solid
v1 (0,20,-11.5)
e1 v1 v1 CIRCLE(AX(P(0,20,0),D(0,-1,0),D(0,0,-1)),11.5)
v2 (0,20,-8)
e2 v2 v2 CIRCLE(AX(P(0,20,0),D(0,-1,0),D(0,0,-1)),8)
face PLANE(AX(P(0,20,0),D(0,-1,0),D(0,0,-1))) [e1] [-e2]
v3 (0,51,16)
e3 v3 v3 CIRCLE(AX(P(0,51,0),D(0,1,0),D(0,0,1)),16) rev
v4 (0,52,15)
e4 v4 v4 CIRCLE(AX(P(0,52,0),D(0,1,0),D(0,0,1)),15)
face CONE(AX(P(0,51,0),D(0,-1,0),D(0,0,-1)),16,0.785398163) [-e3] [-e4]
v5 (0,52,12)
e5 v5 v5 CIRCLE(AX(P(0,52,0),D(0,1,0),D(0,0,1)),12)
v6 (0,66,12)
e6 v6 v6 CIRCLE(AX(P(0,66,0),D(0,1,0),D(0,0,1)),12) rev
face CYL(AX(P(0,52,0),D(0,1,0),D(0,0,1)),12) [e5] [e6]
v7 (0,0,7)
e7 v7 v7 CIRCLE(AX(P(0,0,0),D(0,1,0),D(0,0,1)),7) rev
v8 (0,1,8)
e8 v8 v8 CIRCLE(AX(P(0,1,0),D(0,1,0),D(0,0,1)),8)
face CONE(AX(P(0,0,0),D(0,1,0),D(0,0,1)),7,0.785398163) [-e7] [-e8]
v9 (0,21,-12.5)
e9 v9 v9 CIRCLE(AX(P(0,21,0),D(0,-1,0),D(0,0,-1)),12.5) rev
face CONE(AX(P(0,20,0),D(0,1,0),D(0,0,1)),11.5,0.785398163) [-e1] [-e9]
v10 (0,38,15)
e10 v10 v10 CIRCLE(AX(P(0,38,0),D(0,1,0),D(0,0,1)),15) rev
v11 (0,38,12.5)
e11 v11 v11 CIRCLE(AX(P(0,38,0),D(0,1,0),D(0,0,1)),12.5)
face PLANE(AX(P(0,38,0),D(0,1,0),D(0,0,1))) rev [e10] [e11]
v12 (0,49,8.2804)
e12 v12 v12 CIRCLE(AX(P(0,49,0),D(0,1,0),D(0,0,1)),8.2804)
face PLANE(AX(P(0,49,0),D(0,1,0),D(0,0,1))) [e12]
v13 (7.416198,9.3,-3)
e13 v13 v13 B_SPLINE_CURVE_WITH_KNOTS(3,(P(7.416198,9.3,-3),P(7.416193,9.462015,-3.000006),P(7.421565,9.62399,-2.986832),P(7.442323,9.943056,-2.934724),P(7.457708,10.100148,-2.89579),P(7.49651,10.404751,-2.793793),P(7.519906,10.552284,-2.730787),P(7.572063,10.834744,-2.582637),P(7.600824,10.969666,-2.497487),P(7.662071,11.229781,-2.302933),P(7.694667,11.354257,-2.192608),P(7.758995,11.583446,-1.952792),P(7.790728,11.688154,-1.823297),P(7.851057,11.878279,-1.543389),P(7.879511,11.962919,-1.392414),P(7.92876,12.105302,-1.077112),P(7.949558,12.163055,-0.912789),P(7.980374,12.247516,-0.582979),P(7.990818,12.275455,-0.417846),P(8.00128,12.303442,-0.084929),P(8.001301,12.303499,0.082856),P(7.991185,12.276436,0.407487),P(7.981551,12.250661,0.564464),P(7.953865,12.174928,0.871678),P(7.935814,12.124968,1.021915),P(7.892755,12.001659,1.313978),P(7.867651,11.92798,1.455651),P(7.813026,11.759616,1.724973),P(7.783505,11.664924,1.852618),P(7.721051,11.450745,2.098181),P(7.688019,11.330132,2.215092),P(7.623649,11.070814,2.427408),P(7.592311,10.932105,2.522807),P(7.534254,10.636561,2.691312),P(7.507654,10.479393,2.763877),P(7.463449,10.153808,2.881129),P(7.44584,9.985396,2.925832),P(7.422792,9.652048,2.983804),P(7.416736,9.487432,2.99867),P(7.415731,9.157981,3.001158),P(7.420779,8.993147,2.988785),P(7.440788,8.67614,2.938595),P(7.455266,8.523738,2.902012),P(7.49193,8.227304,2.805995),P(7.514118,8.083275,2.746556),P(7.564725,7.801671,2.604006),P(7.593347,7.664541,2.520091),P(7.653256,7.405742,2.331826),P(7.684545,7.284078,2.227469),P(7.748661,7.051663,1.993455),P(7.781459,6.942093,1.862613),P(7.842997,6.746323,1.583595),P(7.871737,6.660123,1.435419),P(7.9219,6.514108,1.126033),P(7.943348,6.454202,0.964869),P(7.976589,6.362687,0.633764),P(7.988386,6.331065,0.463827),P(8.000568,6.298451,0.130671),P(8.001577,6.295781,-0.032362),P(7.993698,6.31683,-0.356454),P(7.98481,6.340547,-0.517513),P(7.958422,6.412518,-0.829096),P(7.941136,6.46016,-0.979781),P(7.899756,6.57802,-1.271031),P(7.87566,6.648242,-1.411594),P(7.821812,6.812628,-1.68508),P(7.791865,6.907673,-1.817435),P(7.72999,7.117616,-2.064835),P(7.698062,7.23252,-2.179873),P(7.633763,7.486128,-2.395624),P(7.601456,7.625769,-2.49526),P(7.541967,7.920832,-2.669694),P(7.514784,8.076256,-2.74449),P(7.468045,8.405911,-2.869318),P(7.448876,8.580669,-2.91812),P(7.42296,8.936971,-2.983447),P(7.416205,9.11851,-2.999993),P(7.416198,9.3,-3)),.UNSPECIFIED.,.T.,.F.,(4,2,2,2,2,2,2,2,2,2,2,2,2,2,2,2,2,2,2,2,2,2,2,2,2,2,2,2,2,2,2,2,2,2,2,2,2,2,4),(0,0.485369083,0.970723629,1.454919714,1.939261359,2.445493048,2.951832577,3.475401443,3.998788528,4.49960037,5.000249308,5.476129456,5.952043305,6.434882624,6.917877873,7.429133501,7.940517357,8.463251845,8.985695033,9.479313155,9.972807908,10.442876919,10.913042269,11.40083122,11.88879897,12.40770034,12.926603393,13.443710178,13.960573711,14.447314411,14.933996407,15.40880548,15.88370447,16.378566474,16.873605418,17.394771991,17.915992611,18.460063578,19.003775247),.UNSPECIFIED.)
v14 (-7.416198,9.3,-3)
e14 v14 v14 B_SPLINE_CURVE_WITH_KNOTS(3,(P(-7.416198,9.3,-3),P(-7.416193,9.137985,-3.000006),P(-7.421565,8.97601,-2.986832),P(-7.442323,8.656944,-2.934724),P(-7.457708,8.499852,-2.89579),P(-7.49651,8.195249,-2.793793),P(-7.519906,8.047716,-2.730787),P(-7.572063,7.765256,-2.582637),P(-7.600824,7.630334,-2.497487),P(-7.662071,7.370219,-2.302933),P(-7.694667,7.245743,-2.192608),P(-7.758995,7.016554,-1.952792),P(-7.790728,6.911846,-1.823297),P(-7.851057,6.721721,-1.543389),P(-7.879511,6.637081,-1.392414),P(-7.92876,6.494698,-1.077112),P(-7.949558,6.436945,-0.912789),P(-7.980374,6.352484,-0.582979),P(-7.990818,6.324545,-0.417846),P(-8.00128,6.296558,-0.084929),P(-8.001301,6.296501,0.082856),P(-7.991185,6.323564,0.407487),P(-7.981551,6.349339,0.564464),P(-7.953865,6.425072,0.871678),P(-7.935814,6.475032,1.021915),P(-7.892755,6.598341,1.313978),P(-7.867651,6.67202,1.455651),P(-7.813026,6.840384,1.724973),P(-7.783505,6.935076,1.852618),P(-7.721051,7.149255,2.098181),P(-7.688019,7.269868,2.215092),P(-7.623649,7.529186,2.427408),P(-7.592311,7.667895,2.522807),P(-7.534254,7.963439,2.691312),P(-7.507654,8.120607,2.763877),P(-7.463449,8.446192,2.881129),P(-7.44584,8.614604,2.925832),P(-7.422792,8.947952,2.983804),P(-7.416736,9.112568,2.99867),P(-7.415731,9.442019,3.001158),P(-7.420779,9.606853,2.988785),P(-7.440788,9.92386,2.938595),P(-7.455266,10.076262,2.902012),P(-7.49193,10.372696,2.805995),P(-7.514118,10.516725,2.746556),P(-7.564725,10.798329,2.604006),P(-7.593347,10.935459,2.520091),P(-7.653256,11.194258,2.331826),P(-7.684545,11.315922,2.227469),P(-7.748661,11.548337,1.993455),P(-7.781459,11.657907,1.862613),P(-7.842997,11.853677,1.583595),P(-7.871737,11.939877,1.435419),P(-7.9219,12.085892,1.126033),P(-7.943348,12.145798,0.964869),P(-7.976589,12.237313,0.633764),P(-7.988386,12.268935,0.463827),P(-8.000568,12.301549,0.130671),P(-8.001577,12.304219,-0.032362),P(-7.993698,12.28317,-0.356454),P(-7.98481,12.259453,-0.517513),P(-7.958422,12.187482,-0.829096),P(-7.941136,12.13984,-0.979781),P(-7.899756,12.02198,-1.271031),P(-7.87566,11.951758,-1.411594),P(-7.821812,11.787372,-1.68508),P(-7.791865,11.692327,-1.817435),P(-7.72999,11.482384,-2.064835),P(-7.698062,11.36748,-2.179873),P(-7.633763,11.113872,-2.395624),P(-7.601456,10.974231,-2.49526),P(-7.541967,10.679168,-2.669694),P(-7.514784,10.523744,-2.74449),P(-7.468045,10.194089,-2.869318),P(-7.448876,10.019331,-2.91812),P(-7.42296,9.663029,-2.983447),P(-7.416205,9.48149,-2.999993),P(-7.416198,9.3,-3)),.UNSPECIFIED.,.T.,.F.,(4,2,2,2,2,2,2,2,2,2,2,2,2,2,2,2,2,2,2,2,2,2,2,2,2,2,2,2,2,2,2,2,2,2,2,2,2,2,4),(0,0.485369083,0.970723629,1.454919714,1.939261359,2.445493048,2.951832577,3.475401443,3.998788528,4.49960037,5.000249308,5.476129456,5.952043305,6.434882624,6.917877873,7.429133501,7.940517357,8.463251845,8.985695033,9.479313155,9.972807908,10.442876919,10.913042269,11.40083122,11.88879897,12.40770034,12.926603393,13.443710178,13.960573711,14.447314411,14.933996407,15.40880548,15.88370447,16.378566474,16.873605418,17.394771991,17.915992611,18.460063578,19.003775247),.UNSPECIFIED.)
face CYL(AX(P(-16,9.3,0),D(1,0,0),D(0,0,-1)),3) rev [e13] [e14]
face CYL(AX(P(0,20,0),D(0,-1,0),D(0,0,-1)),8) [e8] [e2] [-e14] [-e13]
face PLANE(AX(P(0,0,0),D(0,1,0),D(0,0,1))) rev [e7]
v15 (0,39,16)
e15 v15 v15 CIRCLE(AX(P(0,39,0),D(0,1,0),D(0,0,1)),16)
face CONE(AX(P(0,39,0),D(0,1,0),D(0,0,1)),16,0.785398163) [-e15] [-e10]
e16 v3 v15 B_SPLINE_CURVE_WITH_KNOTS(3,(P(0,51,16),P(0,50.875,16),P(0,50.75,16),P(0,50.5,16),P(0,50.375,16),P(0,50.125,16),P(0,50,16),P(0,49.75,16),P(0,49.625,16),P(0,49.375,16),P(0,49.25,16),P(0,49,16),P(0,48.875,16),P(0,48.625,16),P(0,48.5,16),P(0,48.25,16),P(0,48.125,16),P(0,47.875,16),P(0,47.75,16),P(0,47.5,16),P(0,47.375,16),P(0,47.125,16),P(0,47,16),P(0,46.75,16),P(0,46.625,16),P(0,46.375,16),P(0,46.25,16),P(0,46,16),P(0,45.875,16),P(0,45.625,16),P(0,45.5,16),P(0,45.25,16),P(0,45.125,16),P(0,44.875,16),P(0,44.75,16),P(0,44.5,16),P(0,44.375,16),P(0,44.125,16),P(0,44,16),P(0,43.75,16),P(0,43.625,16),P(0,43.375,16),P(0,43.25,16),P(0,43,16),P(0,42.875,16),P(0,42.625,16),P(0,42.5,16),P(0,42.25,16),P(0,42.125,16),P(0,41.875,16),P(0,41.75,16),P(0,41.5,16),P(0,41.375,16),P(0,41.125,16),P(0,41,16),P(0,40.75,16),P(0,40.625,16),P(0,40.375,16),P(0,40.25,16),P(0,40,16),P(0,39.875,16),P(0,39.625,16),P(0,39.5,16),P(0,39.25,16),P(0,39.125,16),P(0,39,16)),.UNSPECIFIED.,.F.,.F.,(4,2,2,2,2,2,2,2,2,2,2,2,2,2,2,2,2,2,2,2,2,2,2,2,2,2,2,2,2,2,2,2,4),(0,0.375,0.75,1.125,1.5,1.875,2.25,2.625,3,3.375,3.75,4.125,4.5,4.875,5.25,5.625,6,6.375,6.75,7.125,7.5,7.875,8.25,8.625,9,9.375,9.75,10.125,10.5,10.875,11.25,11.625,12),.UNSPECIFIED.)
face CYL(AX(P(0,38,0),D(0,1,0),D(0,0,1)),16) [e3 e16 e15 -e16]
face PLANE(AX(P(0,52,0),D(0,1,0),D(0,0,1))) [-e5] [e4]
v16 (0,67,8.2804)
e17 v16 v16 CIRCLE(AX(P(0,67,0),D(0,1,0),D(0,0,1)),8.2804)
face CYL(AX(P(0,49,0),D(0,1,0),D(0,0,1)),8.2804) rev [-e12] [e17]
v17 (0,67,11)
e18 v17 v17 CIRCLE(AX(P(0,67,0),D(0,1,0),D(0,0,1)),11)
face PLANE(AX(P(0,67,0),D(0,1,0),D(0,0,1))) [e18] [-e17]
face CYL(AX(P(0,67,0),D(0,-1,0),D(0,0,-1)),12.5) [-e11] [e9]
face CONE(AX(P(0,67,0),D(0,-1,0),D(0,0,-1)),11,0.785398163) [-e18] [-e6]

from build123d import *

# Parameters (mm, degrees)
SKETCH1_R               = 12.5
BOSS_EXTRUDE1_DEPTH     = 67
SKETCH14_R              = 16
BOSS_EXTRUDE2_DEPTH     = 29
SKETCH4_R               = 8.2804
CUT_EXTRUDE2_DEPTH      = 18
SKETCH8_OUTSIDE_W       = 50.17
SKETCH8_OUTSIDE_H       = 50.17
SKETCH8_OUTSIDE_R       = 12
CUT_EXTRUDE4_DEPTH      = 15
CHAMFER1_SIZE           = 1
SKETCH25_OUTSIDE_W      = 50.17
SKETCH25_OUTSIDE_H      = 50.17
SKETCH25_OUTSIDE_R      = 8
CUT_EXTRUDE7_DEPTH      = 20
CHAMFER2_SIZE           = 1
CUT_EXTRUDE8_DEPTH      = 71.717748833
CUT_EXTRUDE8_DEPTH_BACK = 71.717748833
SKETCH26_R              = 3


with BuildPart() as part:
    # Sketch1 → Boss-Extrude1 (new body)
    with BuildSketch(Plane(origin=(0, 0, 0), x_dir=(1, 0, 0), z_dir=(0, 1, 0))):
        with Locations(Location((0, 0, 0), (0, 0, 270))):
            Circle(SKETCH1_R)
    extrude(amount=BOSS_EXTRUDE1_DEPTH)

    # Sketch14 → Boss-Extrude2 (add)
    with BuildSketch(Plane(origin=(0, 67, 0), x_dir=(1, 0, 0), z_dir=(0, 1, 0))):
        with Locations(Location((0, 0, 0), (0, 0, 270))):
            Circle(SKETCH14_R)
    extrude(amount=-BOSS_EXTRUDE2_DEPTH)

    # Sketch4 → Cut-Extrude2 (cut)
    with BuildSketch(Plane(origin=(0, 67, 0), x_dir=(1, 0, 0), z_dir=(0, 1, 0))):
        with Locations(Location((0, 0, 0), (0, 0, 270))):
            Circle(SKETCH4_R)
    extrude(amount=-CUT_EXTRUDE2_DEPTH, mode=Mode.SUBTRACT)

    # Sketch8 outside → Cut-Extrude4 (cut)
    with BuildSketch(Plane(origin=(0, 67, 0), x_dir=(1, 0, 0), z_dir=(0, 1, 0))):
        Rectangle(SKETCH8_OUTSIDE_W, SKETCH8_OUTSIDE_H)
        with Locations(Location((0, 0, 0), (0, 0, 270))):
            Circle(SKETCH8_OUTSIDE_R, mode=Mode.SUBTRACT)
    extrude(amount=-CUT_EXTRUDE4_DEPTH, mode=Mode.SUBTRACT)

    # Chamfer1
    chamfer1_edges = [part.edges().sort_by_distance(p)[0] for p in [
        (0, 52, -16),
        (0, 38, -16),
    ]]
    chamfer(chamfer1_edges, length=CHAMFER1_SIZE)

    # Sketch25 outside → Cut-Extrude7 (cut)
    with BuildSketch(Plane.XZ):
        Rectangle(SKETCH25_OUTSIDE_W, SKETCH25_OUTSIDE_H)
        with Locations(Location((0, 0, 0), (0, 0, 270))):
            Circle(SKETCH25_OUTSIDE_R, mode=Mode.SUBTRACT)
    extrude(amount=-CUT_EXTRUDE7_DEPTH, mode=Mode.SUBTRACT)

    # Chamfer2
    chamfer2_edges = [part.edges().sort_by_distance(p)[0] for p in [
        (0, 67, -12),
        (0, 20, -12.5),
        (0, 0, 8),
    ]]
    chamfer(chamfer2_edges, length=CHAMFER2_SIZE)

    # Sketch26 → Cut-Extrude8 (cut, two sides: drawn at the far end of the back side and taken through both)
    with BuildSketch(Plane(origin=(0, 0, 0), x_dir=(0, 0, -1), z_dir=(1, 0, 0)).offset(-CUT_EXTRUDE8_DEPTH_BACK)):
        with Locations((0, 9.3)):
            Circle(SKETCH26_R)
    extrude(amount=CUT_EXTRUDE8_DEPTH + CUT_EXTRUDE8_DEPTH_BACK, mode=Mode.SUBTRACT)


solid = part.part
